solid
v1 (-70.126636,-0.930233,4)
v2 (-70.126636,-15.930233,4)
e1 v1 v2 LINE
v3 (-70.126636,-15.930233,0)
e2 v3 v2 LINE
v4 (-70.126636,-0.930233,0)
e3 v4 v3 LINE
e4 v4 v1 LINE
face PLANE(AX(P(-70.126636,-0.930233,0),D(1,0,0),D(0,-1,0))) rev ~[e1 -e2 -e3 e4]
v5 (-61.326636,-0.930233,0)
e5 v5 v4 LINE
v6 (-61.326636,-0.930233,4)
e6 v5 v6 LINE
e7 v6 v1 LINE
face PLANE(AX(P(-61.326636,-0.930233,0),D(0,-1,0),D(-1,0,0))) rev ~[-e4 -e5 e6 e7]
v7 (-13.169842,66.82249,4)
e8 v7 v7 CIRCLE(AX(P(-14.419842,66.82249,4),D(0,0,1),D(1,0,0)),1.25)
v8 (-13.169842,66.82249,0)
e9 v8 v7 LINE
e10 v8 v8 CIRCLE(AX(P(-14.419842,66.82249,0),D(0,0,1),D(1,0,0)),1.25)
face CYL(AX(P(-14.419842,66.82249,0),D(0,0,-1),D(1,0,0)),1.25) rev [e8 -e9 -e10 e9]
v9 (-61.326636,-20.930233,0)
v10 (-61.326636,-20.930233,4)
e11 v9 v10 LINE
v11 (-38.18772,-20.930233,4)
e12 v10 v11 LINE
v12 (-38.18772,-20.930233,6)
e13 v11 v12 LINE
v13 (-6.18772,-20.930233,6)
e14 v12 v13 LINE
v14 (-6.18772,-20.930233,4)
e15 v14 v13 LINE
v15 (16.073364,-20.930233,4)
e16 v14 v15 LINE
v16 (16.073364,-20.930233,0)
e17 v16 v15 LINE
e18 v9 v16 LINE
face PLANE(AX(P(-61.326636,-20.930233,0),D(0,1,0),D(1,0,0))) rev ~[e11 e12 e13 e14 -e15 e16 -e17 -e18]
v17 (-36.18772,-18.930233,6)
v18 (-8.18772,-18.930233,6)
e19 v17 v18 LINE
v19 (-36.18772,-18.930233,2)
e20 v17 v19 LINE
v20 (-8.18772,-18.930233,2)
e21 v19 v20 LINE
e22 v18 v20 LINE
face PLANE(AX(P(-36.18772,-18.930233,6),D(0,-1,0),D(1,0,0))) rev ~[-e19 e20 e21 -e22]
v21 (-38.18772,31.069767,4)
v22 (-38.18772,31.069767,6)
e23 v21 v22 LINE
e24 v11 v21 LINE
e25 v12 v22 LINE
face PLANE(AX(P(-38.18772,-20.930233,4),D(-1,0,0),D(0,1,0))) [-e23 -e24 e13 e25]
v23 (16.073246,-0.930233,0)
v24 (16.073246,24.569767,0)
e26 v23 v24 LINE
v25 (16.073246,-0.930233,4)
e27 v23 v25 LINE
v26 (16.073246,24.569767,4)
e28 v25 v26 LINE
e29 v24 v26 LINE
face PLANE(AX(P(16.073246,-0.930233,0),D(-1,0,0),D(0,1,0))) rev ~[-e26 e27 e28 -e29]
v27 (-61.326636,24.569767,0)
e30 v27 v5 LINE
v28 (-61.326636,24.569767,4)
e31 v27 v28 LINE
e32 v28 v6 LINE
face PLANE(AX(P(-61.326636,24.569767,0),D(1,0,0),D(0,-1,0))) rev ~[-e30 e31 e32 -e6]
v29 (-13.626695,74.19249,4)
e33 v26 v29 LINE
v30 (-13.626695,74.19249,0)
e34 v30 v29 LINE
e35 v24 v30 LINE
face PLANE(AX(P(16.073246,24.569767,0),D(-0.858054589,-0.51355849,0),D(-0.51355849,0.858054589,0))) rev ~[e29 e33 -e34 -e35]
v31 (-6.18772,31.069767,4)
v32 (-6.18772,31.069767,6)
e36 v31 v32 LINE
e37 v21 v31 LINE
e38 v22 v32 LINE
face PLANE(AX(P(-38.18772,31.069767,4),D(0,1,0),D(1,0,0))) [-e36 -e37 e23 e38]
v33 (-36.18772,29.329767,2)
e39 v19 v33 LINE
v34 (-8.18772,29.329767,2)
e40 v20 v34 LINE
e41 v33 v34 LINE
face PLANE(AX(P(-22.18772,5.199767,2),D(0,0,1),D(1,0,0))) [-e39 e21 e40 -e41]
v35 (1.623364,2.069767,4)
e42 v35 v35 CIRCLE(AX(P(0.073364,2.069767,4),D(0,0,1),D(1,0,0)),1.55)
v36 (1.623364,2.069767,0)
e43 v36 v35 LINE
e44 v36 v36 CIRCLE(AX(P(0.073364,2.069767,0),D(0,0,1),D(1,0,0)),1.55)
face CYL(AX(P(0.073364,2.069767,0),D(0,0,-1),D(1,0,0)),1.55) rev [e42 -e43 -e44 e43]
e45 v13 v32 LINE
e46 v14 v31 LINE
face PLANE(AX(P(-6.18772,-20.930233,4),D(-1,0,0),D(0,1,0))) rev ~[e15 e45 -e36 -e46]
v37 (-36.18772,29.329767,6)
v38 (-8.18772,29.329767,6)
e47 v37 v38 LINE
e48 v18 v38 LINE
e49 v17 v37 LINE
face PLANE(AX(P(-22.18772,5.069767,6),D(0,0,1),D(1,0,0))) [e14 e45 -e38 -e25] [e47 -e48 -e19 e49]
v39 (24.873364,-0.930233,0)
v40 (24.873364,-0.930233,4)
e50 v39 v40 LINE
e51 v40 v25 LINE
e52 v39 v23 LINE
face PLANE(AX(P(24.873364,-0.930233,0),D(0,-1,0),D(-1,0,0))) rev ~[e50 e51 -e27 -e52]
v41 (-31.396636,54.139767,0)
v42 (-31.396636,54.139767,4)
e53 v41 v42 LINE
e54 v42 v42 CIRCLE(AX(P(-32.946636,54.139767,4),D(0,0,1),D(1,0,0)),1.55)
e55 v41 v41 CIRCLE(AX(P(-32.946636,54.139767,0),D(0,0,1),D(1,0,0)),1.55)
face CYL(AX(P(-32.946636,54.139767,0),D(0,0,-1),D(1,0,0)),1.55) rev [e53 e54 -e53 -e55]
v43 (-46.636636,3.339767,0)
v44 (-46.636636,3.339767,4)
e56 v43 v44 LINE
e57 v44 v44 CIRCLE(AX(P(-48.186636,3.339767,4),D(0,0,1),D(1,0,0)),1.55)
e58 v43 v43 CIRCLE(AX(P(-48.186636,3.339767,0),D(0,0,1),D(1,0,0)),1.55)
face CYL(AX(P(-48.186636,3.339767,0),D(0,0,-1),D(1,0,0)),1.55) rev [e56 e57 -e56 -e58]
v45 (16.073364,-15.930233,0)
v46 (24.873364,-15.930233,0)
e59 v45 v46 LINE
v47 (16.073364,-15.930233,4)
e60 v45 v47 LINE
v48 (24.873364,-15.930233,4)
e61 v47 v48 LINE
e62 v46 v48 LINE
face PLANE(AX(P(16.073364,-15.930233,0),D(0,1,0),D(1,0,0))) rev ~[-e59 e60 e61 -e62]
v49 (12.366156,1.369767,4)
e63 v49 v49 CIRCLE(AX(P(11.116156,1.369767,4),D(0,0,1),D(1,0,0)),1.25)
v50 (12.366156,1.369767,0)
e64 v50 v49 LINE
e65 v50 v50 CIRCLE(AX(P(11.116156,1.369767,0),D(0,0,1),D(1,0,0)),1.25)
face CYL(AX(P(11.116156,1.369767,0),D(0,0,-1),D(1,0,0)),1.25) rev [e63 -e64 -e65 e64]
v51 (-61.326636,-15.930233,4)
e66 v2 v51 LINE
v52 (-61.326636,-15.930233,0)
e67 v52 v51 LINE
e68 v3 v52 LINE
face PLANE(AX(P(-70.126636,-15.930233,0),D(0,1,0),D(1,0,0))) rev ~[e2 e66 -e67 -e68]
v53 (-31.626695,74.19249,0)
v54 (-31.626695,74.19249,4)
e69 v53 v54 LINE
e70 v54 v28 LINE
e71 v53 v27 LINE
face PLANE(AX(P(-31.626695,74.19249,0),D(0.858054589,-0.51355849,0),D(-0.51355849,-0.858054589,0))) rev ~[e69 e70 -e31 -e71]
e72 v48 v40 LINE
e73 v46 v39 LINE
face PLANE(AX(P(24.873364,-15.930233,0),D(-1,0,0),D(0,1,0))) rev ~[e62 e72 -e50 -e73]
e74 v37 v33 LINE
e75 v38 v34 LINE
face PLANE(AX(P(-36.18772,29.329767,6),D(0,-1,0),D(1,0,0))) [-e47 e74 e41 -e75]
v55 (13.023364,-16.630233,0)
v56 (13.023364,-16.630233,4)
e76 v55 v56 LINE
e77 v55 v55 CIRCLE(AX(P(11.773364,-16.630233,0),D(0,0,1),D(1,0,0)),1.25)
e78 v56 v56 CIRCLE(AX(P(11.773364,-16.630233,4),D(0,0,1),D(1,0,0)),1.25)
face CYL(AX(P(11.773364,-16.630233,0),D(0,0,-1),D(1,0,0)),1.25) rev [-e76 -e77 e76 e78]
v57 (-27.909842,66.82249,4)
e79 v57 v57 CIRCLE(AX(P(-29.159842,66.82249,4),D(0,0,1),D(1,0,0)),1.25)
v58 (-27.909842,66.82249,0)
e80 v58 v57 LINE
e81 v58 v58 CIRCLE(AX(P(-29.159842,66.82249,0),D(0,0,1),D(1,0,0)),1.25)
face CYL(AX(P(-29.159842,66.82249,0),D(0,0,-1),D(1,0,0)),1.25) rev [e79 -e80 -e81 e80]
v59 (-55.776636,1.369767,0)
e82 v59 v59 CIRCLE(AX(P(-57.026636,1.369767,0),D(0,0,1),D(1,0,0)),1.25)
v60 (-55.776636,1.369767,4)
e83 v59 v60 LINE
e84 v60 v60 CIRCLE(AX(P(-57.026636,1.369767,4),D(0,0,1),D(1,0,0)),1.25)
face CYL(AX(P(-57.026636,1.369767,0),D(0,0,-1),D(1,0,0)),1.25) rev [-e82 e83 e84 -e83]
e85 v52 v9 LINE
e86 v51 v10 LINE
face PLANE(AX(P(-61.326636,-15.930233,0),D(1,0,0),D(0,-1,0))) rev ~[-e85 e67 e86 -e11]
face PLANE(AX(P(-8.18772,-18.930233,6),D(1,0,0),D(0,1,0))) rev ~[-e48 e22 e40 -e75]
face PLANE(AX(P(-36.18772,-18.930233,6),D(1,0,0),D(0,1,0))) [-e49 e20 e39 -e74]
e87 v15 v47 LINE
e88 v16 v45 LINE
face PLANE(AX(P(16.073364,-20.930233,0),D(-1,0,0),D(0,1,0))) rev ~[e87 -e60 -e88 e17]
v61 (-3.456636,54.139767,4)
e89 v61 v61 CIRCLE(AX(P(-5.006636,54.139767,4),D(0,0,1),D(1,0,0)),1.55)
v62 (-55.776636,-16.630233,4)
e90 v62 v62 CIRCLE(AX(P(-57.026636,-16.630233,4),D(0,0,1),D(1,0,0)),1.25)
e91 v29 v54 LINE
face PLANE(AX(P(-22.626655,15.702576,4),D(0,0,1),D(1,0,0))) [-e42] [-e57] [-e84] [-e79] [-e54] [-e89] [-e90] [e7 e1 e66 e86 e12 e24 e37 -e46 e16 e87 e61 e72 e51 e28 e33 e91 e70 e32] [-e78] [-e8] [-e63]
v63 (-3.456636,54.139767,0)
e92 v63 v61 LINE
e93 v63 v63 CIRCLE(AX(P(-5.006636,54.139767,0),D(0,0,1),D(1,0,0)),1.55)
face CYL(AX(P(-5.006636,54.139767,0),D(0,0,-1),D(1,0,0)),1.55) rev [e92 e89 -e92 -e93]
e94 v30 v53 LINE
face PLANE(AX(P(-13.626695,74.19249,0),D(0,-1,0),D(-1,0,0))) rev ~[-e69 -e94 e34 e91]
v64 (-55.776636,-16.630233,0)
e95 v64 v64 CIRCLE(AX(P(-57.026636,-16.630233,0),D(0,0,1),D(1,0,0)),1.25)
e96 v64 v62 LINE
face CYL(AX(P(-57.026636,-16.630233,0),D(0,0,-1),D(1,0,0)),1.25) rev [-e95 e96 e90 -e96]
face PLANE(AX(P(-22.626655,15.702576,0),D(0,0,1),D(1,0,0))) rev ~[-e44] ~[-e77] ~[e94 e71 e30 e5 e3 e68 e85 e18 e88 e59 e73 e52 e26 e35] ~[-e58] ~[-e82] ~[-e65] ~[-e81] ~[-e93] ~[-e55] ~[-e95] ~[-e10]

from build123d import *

# Parameters (mm, degrees)
F0_R     = 1.25
F0_R_2   = 1.55
F1_DEPTH = 4
F6_W     = 32
F6_H     = 52
F7_DEPTH = 2
F8_W     = 28
F8_H     = 48.26
F9_DEPTH = 4


with BuildPart() as f1:
    # F0 (on Top) → F1 (new body)
    with BuildSketch(Plane.XY):
        Polygon((-13.626695, 74.19249), (-31.626695, 74.19249), (-61.326636, 24.569767), (-61.326636, -0.930233), (-70.126636, -0.930233), (-70.126636, -15.930233), (-61.326636, -15.930233), (-61.326636, -20.930233), (16.073364, -20.930233), (16.073364, -15.930233), (24.873364, -15.930233), (24.873364, -0.930233), (16.073246, -0.930233), (16.073246, 24.569767), align=None)
        with Locations((-57.026636, -16.630233)):
            Circle(F0_R, mode=Mode.SUBTRACT)
        with Locations((-57.026636, 1.369767)):
            Circle(F0_R, mode=Mode.SUBTRACT)
        with Locations((-48.186636, 3.339767)):
            Circle(F0_R_2, mode=Mode.SUBTRACT)
        with Locations((0.073364, 2.069767)):
            Circle(F0_R_2, mode=Mode.SUBTRACT)
        with Locations((11.773364, -16.630233)):
            Circle(F0_R, mode=Mode.SUBTRACT)
        with Locations((11.116156, 1.369767)):
            Circle(F0_R, mode=Mode.SUBTRACT)
        with Locations((-32.946636, 54.139767)):
            Circle(F0_R_2, mode=Mode.SUBTRACT)
        with Locations((-29.159842, 66.82249)):
            Circle(F0_R, mode=Mode.SUBTRACT)
        with Locations((-5.006636, 54.139767)):
            Circle(F0_R_2, mode=Mode.SUBTRACT)
        with Locations((-14.419842, 66.82249)):
            Circle(F0_R, mode=Mode.SUBTRACT)
    extrude(amount=F1_DEPTH)

    # F6 (on face) → F7 (join)
    with BuildSketch(Plane.XY.offset(4)):
        with Locations((-22.18772, 5.069767)):
            Rectangle(F6_W, F6_H)
    extrude(amount=F7_DEPTH)

    # F8 (on face) → F9 (cut)
    with BuildSketch(Plane.XY.offset(6)):
        with Locations((-22.18772, 5.199767)):
            Rectangle(F8_W, F8_H)
    extrude(amount=-F9_DEPTH, mode=Mode.SUBTRACT)


with BuildPart() as f2_1:
    # F2: copy of F1
    add(f1.part.moved(Location((0, 0, 7))))


with BuildPart() as f4_1:
    # F4: copy of F1
    add(f1.part.moved(Location((0, 0, 6))))


solid = f1.part
